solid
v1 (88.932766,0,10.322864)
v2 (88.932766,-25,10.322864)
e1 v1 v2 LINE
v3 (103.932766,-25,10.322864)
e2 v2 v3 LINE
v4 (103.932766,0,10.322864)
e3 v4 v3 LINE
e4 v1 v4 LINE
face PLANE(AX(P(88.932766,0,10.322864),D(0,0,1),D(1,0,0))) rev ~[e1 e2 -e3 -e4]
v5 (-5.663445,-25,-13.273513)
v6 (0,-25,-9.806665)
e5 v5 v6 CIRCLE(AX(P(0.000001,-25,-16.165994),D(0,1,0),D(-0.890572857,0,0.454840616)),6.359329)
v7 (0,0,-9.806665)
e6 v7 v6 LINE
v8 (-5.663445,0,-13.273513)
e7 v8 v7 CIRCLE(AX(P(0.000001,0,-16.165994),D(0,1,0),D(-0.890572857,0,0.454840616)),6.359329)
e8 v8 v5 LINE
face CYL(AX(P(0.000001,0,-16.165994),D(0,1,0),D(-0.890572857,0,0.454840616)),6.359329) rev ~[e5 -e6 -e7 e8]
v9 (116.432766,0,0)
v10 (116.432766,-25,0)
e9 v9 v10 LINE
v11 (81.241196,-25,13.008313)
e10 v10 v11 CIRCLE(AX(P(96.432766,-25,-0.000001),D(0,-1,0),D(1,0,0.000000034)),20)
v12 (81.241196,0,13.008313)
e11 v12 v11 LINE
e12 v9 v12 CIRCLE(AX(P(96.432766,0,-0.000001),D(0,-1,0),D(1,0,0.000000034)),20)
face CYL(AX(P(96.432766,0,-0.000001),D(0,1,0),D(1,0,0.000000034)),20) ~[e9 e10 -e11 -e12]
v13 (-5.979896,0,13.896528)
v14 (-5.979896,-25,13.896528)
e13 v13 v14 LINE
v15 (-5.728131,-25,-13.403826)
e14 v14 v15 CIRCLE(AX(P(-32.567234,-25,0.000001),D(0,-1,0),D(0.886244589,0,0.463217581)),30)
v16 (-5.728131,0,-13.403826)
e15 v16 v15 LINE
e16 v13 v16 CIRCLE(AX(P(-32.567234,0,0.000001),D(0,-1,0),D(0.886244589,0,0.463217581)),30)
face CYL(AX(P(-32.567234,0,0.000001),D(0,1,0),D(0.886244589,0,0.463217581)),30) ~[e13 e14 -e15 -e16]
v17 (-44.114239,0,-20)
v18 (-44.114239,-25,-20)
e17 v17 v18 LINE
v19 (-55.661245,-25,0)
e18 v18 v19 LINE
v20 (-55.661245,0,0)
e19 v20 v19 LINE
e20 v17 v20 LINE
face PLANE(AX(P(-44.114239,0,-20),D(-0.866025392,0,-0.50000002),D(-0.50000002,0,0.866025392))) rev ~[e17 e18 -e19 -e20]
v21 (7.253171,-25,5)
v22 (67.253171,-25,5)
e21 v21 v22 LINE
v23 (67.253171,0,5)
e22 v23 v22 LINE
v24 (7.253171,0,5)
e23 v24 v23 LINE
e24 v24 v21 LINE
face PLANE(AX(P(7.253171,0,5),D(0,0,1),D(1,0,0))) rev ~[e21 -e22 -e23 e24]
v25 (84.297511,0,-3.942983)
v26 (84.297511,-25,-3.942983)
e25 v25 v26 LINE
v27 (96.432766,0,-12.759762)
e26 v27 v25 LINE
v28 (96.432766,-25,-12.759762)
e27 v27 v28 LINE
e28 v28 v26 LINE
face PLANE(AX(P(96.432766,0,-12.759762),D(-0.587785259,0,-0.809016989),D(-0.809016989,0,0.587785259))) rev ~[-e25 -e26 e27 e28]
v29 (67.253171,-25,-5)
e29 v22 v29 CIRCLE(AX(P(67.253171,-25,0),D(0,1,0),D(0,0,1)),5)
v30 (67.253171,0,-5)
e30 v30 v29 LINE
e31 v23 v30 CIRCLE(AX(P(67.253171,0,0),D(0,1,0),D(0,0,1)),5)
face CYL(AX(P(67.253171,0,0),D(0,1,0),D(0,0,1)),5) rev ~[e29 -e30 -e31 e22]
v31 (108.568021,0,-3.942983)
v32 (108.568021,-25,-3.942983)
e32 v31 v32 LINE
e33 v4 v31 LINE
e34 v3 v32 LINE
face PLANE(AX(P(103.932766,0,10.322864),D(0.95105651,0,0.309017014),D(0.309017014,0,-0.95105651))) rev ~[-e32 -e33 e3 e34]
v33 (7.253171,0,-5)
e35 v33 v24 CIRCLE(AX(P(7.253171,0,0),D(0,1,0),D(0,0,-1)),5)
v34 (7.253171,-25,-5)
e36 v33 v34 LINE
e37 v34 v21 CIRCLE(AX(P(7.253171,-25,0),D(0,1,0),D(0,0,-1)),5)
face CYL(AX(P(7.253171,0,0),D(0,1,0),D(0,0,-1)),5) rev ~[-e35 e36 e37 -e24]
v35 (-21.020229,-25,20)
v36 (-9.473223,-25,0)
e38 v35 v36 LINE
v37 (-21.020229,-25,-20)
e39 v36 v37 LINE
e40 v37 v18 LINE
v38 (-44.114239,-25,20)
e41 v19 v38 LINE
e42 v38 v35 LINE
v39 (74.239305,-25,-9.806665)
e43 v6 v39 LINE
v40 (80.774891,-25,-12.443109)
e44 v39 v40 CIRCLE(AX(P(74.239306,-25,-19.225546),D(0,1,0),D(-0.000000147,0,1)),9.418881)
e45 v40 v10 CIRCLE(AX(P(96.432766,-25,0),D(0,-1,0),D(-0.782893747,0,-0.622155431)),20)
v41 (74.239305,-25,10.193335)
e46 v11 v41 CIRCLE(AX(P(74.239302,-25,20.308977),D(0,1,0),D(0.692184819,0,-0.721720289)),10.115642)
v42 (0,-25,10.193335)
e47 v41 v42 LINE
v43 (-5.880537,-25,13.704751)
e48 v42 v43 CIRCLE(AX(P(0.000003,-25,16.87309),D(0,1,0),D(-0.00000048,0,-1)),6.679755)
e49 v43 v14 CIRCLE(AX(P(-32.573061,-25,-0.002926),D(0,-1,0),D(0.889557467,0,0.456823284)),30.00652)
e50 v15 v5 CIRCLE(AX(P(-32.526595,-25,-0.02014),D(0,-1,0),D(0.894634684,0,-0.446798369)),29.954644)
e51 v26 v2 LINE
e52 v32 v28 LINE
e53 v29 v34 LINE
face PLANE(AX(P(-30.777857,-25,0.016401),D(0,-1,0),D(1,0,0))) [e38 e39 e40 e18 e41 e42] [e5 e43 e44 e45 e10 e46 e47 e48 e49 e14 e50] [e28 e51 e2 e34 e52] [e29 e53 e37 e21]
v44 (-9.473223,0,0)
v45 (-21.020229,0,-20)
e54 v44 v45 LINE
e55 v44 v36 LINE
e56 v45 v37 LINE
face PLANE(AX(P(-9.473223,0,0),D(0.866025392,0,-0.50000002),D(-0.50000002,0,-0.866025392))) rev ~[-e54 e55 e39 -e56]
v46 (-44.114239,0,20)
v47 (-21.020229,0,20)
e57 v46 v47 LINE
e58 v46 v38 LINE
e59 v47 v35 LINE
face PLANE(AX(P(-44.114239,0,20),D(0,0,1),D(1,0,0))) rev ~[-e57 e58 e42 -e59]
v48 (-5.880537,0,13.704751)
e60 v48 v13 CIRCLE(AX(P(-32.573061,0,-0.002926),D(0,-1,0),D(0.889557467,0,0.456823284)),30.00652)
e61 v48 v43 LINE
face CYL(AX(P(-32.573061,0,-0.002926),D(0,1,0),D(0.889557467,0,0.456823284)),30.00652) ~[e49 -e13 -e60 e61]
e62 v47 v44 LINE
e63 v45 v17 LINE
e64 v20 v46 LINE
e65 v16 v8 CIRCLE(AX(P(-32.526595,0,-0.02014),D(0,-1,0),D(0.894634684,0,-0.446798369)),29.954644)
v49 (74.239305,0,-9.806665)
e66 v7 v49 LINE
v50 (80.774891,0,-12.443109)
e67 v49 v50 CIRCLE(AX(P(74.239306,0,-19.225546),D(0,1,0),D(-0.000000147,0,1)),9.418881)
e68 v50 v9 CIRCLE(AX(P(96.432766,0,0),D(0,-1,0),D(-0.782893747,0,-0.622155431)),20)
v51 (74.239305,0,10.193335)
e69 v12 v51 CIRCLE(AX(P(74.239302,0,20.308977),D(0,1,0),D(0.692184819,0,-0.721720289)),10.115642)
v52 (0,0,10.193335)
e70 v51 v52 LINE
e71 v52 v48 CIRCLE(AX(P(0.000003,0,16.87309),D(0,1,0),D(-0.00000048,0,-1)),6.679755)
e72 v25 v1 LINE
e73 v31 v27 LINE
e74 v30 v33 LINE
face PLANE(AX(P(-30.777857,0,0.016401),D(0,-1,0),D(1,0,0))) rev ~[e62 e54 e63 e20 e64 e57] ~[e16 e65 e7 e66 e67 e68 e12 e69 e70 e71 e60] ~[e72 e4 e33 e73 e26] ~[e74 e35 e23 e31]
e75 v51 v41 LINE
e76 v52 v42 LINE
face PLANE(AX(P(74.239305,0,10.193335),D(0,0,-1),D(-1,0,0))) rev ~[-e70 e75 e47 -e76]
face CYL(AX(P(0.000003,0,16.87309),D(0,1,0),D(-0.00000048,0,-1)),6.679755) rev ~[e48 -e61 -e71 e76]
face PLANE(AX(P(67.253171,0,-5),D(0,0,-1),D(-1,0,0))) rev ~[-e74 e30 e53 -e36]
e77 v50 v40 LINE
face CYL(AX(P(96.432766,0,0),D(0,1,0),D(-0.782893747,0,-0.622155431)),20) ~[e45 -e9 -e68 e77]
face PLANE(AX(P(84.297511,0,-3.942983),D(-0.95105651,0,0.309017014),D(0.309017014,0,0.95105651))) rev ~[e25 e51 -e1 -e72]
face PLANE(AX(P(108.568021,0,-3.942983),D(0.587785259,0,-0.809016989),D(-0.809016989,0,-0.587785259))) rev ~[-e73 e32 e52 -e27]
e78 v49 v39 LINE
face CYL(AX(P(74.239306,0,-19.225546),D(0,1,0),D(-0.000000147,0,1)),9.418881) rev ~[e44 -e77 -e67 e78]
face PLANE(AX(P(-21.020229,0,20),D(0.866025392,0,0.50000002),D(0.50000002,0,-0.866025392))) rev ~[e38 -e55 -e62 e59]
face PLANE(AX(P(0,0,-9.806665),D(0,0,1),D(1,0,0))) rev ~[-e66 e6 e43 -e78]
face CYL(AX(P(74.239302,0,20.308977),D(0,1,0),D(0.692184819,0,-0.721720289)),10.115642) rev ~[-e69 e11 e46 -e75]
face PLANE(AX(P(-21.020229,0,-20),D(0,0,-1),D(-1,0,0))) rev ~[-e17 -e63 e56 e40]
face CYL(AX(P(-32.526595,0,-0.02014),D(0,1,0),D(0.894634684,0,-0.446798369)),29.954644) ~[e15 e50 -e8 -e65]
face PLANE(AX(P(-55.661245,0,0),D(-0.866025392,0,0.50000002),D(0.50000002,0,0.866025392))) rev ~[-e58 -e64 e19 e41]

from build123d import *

# Parameters (mm, degrees)
F1_DEPTH = 25


with BuildPart() as f1:
    # F0 (on Front) → F1 (new body)
    with BuildSketch(Plane.XZ):
        with BuildLine():
            ThreePointArc((-5.880537, 13.704751), (-5.930992, 13.800238), (-5.979896, 13.896528))
            ThreePointArc((-5.979896, 13.896528), (-62.565958, -0.27665), (-5.728131, -13.403826))
            ThreePointArc((-5.728131, -13.403826), (-5.696161, -13.338485), (-5.663445, -13.273513))
            ThreePointArc((-5.663445, -13.273513), (-3.351539, -6.814922), (-2.567234, 0))
            ThreePointArc((-2.567234, 0), (-3.407322, 7.04979), (-5.880537, 13.704751))
        make_face()
        Polygon((-55.661245, 0), (-44.114239, 20), (-21.020229, 20), (-9.473223, 0), (-21.020229, -20), (-44.114239, -20), align=None, mode=Mode.SUBTRACT)
        with BuildLine():
            ThreePointArc((-5.880537, 13.704751), (-5.930044, 13.800729), (-5.979896, 13.896528))
            ThreePointArc((-5.979896, 13.896528), (-5.930992, 13.800238), (-5.880537, 13.704751))
        make_face()
        with BuildLine():
            ThreePointArc((-5.663445, -13.273513), (-5.696161, -13.338485), (-5.728131, -13.403826))
            ThreePointArc((-5.728131, -13.403826), (-5.695709, -13.338709), (-5.663445, -13.273513))
        make_face()
        with BuildLine():
            ThreePointArc((0, 10.193335), (-3.424571, 11.137986), (-5.880537, 13.704751))
            ThreePointArc((-5.880537, 13.704751), (-3.407322, 7.04979), (-2.567234, 0))
            ThreePointArc((-2.567234, 0), (-3.351539, -6.814922), (-5.663445, -13.273513))
            ThreePointArc((-5.663445, -13.273513), (-3.320152, -10.74219), (0, -9.806665))
            Line((0, -9.806665), (74.239305, -9.806665))
            ThreePointArc((74.239305, -9.806665), (77.762966, -10.490608), (80.774891, -12.443109))
            ThreePointArc((80.774891, -12.443109), (76.436122, 0.366366), (81.241196, 13.008313))
            ThreePointArc((81.241196, 13.008313), (78.012585, 10.923427), (74.239305, 10.193335))
            Line((74.239305, 10.193335), (0, 10.193335))
        make_face()
        with BuildLine():
            ThreePointArc((7.253171, -5), (2.253171, 0), (7.253171, 5))
            Line((7.253171, 5), (67.253171, 5))
            ThreePointArc((67.253171, 5), (72.253171, 0), (67.253171, -5))
            Line((67.253171, -5), (7.253171, -5))
        make_face(mode=Mode.SUBTRACT)
        with BuildLine():
            ThreePointArc((116.432766, 0), (103.36705, 18.759416), (81.241196, 13.008313))
            ThreePointArc((81.241196, 13.008313), (76.436122, 0.366366), (80.774891, -12.443109))
            ThreePointArc((80.774891, -12.443109), (103.022247, -18.883293), (116.432766, 0))
        make_face()
        Polygon((84.297511, -3.942983), (88.932766, 10.322864), (103.932766, 10.322864), (108.568021, -3.942983), (96.432766, -12.759762), align=None, mode=Mode.SUBTRACT)
    extrude(amount=F1_DEPTH)


solid = f1.part
